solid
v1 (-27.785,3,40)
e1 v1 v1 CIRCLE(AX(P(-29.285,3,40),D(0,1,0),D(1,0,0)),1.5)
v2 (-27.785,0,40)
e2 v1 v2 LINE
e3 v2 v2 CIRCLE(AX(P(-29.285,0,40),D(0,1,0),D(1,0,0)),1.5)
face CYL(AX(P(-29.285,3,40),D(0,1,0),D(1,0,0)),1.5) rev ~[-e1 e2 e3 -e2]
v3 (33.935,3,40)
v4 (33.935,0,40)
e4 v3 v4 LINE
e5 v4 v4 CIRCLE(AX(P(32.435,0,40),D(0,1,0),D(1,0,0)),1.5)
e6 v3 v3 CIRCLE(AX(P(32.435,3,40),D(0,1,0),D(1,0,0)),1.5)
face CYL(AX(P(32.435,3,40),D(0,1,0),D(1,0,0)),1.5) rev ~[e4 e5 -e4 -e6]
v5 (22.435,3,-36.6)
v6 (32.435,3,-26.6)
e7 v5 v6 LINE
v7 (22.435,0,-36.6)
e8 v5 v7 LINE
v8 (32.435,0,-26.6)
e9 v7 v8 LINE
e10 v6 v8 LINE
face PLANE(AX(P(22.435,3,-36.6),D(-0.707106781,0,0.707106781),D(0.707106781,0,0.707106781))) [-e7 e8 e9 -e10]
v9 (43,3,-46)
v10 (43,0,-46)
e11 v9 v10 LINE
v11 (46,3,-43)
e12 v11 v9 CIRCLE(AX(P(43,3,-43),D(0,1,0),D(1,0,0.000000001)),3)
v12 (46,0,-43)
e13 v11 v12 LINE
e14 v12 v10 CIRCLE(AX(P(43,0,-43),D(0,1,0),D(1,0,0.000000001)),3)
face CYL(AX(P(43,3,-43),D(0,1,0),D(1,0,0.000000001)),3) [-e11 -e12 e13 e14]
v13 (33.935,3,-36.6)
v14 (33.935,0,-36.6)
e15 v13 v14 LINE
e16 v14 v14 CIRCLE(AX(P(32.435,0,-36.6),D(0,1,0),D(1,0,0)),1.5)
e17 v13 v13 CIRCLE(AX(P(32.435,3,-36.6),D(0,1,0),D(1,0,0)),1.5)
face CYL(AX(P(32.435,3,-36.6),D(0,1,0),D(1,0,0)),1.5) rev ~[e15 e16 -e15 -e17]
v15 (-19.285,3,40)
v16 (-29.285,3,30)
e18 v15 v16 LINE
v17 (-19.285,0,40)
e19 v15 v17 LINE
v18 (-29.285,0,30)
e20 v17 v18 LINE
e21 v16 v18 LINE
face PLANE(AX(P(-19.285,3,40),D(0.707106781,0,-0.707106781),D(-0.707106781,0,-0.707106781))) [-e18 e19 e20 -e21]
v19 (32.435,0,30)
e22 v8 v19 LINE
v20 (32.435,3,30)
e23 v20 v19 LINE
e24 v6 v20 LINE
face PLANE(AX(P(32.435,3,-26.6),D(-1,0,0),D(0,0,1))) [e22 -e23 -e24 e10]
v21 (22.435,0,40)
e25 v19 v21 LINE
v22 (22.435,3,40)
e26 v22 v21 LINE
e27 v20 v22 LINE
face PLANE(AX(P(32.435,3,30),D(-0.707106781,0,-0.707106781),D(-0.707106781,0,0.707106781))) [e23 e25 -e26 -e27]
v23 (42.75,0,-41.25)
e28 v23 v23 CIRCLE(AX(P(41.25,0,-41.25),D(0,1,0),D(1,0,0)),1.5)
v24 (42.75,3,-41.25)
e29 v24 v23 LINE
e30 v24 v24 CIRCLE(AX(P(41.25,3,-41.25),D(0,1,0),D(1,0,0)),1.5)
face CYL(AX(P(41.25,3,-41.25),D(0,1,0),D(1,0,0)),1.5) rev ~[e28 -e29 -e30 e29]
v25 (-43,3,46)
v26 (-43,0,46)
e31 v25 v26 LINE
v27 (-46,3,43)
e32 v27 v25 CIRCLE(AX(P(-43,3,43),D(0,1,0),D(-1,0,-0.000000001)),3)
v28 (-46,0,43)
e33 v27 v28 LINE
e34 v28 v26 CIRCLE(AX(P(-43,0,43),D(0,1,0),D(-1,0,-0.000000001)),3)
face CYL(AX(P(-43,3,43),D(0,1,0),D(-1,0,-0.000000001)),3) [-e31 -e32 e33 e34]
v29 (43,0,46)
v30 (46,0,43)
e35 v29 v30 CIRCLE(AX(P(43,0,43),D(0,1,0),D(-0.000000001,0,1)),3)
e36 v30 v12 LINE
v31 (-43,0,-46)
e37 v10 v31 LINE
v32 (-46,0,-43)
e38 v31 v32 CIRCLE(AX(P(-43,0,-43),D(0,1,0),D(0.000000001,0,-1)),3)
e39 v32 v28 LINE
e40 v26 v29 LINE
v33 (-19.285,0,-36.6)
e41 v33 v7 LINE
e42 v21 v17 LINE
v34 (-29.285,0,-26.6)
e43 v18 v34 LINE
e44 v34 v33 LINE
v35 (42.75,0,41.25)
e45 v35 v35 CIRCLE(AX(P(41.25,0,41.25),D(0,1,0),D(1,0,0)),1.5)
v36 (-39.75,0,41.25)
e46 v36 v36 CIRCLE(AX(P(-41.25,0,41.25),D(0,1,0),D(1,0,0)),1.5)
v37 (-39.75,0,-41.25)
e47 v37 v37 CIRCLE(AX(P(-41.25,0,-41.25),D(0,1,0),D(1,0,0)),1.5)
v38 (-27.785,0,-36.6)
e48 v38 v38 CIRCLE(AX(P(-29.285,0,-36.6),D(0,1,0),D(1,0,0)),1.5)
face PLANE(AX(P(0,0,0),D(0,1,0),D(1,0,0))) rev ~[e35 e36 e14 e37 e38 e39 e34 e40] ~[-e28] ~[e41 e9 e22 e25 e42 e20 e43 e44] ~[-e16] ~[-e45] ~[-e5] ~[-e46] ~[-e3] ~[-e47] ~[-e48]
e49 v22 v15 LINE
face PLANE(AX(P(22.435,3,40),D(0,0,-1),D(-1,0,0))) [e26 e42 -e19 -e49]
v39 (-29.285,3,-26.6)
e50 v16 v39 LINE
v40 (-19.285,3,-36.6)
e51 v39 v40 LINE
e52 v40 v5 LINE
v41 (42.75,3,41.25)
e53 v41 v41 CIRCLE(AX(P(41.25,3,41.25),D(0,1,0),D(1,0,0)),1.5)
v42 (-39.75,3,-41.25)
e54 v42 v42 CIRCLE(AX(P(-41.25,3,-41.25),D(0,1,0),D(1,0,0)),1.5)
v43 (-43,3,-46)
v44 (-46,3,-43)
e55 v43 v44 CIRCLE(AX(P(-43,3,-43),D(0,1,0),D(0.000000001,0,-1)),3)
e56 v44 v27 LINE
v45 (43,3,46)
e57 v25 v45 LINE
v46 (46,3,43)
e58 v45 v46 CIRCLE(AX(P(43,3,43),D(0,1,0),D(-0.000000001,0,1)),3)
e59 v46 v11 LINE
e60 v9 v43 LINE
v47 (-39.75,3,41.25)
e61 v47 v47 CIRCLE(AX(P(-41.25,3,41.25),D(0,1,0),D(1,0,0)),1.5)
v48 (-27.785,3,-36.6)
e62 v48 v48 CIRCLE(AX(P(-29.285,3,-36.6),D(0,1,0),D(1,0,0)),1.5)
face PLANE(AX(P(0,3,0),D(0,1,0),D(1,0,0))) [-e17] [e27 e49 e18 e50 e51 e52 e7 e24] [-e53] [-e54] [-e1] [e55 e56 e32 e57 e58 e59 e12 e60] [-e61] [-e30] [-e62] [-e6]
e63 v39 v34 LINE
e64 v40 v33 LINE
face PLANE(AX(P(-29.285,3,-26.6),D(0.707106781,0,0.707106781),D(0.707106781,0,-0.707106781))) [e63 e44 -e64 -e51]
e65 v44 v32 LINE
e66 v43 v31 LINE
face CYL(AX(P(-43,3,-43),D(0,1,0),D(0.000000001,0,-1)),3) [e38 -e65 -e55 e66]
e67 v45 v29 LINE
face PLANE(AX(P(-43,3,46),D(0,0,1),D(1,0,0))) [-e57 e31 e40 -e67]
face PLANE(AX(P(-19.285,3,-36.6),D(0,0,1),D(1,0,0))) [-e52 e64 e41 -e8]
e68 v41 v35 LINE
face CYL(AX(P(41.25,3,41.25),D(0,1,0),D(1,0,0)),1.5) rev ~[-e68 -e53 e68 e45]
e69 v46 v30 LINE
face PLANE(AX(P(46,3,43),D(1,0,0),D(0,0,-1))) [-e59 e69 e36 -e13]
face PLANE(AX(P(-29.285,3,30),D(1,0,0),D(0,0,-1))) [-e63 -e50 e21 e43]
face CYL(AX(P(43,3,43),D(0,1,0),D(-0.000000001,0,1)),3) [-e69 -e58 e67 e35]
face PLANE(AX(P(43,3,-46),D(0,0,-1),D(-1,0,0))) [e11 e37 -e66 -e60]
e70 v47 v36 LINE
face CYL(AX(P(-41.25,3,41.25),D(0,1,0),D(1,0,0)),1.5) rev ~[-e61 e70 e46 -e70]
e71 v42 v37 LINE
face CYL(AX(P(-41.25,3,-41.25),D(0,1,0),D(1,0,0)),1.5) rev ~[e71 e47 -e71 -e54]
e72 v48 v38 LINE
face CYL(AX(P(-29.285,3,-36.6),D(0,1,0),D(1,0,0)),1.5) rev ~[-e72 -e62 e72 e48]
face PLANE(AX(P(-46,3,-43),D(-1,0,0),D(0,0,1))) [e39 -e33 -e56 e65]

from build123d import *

# Parameters (mm, degrees)
SKETCH_1_R      = 1.5
EXTRUDE_1_DEPTH = 3


with BuildPart() as part:
    # 草圖1 → 填料-伸長1 (new body)
    with BuildSketch(Plane(origin=(0, 3, 0), x_dir=(1, 0, 0), z_dir=(0, 1, 0))):
        with BuildLine():
            Line((-46, 43), (-46, -43))
            ThreePointArc((-46, -43), (-45.121320344, -45.121320344), (-43, -46))
            Line((-43, -46), (43, -46))
            ThreePointArc((43, -46), (45.121320344, -45.121320344), (46, -43))
            Line((46, -43), (46, 43))
            ThreePointArc((46, 43), (45.121320344, 45.121320344), (43, 46))
            Line((43, 46), (-43, 46))
            ThreePointArc((-43, 46), (-45.121320344, 45.121320344), (-46, 43))
        make_face()
        with Locations((-29.285, 36.6)):
            Circle(SKETCH_1_R, mode=Mode.SUBTRACT)
        with Locations((32.435, 36.6)):
            Circle(SKETCH_1_R, mode=Mode.SUBTRACT)
        with Locations((32.435, -40)):
            Circle(SKETCH_1_R, mode=Mode.SUBTRACT)
        with Locations((-29.285, -40)):
            Circle(SKETCH_1_R, mode=Mode.SUBTRACT)
        with Locations((41.25, -41.25)):
            Circle(SKETCH_1_R, mode=Mode.SUBTRACT)
        with Locations((-41.25, 41.25)):
            Circle(SKETCH_1_R, mode=Mode.SUBTRACT)
        with Locations((41.25, 41.25)):
            Circle(SKETCH_1_R, mode=Mode.SUBTRACT)
        with Locations((-41.25, -41.25)):
            Circle(SKETCH_1_R, mode=Mode.SUBTRACT)
        Polygon((-19.285, 36.6), (22.435, 36.6), (32.435, 26.6), (32.435, -30), (22.435, -40), (-19.285, -40), (-29.285, -30), (-29.285, 26.6), align=None, mode=Mode.SUBTRACT)
    extrude(amount=-EXTRUDE_1_DEPTH)


solid = part.part
